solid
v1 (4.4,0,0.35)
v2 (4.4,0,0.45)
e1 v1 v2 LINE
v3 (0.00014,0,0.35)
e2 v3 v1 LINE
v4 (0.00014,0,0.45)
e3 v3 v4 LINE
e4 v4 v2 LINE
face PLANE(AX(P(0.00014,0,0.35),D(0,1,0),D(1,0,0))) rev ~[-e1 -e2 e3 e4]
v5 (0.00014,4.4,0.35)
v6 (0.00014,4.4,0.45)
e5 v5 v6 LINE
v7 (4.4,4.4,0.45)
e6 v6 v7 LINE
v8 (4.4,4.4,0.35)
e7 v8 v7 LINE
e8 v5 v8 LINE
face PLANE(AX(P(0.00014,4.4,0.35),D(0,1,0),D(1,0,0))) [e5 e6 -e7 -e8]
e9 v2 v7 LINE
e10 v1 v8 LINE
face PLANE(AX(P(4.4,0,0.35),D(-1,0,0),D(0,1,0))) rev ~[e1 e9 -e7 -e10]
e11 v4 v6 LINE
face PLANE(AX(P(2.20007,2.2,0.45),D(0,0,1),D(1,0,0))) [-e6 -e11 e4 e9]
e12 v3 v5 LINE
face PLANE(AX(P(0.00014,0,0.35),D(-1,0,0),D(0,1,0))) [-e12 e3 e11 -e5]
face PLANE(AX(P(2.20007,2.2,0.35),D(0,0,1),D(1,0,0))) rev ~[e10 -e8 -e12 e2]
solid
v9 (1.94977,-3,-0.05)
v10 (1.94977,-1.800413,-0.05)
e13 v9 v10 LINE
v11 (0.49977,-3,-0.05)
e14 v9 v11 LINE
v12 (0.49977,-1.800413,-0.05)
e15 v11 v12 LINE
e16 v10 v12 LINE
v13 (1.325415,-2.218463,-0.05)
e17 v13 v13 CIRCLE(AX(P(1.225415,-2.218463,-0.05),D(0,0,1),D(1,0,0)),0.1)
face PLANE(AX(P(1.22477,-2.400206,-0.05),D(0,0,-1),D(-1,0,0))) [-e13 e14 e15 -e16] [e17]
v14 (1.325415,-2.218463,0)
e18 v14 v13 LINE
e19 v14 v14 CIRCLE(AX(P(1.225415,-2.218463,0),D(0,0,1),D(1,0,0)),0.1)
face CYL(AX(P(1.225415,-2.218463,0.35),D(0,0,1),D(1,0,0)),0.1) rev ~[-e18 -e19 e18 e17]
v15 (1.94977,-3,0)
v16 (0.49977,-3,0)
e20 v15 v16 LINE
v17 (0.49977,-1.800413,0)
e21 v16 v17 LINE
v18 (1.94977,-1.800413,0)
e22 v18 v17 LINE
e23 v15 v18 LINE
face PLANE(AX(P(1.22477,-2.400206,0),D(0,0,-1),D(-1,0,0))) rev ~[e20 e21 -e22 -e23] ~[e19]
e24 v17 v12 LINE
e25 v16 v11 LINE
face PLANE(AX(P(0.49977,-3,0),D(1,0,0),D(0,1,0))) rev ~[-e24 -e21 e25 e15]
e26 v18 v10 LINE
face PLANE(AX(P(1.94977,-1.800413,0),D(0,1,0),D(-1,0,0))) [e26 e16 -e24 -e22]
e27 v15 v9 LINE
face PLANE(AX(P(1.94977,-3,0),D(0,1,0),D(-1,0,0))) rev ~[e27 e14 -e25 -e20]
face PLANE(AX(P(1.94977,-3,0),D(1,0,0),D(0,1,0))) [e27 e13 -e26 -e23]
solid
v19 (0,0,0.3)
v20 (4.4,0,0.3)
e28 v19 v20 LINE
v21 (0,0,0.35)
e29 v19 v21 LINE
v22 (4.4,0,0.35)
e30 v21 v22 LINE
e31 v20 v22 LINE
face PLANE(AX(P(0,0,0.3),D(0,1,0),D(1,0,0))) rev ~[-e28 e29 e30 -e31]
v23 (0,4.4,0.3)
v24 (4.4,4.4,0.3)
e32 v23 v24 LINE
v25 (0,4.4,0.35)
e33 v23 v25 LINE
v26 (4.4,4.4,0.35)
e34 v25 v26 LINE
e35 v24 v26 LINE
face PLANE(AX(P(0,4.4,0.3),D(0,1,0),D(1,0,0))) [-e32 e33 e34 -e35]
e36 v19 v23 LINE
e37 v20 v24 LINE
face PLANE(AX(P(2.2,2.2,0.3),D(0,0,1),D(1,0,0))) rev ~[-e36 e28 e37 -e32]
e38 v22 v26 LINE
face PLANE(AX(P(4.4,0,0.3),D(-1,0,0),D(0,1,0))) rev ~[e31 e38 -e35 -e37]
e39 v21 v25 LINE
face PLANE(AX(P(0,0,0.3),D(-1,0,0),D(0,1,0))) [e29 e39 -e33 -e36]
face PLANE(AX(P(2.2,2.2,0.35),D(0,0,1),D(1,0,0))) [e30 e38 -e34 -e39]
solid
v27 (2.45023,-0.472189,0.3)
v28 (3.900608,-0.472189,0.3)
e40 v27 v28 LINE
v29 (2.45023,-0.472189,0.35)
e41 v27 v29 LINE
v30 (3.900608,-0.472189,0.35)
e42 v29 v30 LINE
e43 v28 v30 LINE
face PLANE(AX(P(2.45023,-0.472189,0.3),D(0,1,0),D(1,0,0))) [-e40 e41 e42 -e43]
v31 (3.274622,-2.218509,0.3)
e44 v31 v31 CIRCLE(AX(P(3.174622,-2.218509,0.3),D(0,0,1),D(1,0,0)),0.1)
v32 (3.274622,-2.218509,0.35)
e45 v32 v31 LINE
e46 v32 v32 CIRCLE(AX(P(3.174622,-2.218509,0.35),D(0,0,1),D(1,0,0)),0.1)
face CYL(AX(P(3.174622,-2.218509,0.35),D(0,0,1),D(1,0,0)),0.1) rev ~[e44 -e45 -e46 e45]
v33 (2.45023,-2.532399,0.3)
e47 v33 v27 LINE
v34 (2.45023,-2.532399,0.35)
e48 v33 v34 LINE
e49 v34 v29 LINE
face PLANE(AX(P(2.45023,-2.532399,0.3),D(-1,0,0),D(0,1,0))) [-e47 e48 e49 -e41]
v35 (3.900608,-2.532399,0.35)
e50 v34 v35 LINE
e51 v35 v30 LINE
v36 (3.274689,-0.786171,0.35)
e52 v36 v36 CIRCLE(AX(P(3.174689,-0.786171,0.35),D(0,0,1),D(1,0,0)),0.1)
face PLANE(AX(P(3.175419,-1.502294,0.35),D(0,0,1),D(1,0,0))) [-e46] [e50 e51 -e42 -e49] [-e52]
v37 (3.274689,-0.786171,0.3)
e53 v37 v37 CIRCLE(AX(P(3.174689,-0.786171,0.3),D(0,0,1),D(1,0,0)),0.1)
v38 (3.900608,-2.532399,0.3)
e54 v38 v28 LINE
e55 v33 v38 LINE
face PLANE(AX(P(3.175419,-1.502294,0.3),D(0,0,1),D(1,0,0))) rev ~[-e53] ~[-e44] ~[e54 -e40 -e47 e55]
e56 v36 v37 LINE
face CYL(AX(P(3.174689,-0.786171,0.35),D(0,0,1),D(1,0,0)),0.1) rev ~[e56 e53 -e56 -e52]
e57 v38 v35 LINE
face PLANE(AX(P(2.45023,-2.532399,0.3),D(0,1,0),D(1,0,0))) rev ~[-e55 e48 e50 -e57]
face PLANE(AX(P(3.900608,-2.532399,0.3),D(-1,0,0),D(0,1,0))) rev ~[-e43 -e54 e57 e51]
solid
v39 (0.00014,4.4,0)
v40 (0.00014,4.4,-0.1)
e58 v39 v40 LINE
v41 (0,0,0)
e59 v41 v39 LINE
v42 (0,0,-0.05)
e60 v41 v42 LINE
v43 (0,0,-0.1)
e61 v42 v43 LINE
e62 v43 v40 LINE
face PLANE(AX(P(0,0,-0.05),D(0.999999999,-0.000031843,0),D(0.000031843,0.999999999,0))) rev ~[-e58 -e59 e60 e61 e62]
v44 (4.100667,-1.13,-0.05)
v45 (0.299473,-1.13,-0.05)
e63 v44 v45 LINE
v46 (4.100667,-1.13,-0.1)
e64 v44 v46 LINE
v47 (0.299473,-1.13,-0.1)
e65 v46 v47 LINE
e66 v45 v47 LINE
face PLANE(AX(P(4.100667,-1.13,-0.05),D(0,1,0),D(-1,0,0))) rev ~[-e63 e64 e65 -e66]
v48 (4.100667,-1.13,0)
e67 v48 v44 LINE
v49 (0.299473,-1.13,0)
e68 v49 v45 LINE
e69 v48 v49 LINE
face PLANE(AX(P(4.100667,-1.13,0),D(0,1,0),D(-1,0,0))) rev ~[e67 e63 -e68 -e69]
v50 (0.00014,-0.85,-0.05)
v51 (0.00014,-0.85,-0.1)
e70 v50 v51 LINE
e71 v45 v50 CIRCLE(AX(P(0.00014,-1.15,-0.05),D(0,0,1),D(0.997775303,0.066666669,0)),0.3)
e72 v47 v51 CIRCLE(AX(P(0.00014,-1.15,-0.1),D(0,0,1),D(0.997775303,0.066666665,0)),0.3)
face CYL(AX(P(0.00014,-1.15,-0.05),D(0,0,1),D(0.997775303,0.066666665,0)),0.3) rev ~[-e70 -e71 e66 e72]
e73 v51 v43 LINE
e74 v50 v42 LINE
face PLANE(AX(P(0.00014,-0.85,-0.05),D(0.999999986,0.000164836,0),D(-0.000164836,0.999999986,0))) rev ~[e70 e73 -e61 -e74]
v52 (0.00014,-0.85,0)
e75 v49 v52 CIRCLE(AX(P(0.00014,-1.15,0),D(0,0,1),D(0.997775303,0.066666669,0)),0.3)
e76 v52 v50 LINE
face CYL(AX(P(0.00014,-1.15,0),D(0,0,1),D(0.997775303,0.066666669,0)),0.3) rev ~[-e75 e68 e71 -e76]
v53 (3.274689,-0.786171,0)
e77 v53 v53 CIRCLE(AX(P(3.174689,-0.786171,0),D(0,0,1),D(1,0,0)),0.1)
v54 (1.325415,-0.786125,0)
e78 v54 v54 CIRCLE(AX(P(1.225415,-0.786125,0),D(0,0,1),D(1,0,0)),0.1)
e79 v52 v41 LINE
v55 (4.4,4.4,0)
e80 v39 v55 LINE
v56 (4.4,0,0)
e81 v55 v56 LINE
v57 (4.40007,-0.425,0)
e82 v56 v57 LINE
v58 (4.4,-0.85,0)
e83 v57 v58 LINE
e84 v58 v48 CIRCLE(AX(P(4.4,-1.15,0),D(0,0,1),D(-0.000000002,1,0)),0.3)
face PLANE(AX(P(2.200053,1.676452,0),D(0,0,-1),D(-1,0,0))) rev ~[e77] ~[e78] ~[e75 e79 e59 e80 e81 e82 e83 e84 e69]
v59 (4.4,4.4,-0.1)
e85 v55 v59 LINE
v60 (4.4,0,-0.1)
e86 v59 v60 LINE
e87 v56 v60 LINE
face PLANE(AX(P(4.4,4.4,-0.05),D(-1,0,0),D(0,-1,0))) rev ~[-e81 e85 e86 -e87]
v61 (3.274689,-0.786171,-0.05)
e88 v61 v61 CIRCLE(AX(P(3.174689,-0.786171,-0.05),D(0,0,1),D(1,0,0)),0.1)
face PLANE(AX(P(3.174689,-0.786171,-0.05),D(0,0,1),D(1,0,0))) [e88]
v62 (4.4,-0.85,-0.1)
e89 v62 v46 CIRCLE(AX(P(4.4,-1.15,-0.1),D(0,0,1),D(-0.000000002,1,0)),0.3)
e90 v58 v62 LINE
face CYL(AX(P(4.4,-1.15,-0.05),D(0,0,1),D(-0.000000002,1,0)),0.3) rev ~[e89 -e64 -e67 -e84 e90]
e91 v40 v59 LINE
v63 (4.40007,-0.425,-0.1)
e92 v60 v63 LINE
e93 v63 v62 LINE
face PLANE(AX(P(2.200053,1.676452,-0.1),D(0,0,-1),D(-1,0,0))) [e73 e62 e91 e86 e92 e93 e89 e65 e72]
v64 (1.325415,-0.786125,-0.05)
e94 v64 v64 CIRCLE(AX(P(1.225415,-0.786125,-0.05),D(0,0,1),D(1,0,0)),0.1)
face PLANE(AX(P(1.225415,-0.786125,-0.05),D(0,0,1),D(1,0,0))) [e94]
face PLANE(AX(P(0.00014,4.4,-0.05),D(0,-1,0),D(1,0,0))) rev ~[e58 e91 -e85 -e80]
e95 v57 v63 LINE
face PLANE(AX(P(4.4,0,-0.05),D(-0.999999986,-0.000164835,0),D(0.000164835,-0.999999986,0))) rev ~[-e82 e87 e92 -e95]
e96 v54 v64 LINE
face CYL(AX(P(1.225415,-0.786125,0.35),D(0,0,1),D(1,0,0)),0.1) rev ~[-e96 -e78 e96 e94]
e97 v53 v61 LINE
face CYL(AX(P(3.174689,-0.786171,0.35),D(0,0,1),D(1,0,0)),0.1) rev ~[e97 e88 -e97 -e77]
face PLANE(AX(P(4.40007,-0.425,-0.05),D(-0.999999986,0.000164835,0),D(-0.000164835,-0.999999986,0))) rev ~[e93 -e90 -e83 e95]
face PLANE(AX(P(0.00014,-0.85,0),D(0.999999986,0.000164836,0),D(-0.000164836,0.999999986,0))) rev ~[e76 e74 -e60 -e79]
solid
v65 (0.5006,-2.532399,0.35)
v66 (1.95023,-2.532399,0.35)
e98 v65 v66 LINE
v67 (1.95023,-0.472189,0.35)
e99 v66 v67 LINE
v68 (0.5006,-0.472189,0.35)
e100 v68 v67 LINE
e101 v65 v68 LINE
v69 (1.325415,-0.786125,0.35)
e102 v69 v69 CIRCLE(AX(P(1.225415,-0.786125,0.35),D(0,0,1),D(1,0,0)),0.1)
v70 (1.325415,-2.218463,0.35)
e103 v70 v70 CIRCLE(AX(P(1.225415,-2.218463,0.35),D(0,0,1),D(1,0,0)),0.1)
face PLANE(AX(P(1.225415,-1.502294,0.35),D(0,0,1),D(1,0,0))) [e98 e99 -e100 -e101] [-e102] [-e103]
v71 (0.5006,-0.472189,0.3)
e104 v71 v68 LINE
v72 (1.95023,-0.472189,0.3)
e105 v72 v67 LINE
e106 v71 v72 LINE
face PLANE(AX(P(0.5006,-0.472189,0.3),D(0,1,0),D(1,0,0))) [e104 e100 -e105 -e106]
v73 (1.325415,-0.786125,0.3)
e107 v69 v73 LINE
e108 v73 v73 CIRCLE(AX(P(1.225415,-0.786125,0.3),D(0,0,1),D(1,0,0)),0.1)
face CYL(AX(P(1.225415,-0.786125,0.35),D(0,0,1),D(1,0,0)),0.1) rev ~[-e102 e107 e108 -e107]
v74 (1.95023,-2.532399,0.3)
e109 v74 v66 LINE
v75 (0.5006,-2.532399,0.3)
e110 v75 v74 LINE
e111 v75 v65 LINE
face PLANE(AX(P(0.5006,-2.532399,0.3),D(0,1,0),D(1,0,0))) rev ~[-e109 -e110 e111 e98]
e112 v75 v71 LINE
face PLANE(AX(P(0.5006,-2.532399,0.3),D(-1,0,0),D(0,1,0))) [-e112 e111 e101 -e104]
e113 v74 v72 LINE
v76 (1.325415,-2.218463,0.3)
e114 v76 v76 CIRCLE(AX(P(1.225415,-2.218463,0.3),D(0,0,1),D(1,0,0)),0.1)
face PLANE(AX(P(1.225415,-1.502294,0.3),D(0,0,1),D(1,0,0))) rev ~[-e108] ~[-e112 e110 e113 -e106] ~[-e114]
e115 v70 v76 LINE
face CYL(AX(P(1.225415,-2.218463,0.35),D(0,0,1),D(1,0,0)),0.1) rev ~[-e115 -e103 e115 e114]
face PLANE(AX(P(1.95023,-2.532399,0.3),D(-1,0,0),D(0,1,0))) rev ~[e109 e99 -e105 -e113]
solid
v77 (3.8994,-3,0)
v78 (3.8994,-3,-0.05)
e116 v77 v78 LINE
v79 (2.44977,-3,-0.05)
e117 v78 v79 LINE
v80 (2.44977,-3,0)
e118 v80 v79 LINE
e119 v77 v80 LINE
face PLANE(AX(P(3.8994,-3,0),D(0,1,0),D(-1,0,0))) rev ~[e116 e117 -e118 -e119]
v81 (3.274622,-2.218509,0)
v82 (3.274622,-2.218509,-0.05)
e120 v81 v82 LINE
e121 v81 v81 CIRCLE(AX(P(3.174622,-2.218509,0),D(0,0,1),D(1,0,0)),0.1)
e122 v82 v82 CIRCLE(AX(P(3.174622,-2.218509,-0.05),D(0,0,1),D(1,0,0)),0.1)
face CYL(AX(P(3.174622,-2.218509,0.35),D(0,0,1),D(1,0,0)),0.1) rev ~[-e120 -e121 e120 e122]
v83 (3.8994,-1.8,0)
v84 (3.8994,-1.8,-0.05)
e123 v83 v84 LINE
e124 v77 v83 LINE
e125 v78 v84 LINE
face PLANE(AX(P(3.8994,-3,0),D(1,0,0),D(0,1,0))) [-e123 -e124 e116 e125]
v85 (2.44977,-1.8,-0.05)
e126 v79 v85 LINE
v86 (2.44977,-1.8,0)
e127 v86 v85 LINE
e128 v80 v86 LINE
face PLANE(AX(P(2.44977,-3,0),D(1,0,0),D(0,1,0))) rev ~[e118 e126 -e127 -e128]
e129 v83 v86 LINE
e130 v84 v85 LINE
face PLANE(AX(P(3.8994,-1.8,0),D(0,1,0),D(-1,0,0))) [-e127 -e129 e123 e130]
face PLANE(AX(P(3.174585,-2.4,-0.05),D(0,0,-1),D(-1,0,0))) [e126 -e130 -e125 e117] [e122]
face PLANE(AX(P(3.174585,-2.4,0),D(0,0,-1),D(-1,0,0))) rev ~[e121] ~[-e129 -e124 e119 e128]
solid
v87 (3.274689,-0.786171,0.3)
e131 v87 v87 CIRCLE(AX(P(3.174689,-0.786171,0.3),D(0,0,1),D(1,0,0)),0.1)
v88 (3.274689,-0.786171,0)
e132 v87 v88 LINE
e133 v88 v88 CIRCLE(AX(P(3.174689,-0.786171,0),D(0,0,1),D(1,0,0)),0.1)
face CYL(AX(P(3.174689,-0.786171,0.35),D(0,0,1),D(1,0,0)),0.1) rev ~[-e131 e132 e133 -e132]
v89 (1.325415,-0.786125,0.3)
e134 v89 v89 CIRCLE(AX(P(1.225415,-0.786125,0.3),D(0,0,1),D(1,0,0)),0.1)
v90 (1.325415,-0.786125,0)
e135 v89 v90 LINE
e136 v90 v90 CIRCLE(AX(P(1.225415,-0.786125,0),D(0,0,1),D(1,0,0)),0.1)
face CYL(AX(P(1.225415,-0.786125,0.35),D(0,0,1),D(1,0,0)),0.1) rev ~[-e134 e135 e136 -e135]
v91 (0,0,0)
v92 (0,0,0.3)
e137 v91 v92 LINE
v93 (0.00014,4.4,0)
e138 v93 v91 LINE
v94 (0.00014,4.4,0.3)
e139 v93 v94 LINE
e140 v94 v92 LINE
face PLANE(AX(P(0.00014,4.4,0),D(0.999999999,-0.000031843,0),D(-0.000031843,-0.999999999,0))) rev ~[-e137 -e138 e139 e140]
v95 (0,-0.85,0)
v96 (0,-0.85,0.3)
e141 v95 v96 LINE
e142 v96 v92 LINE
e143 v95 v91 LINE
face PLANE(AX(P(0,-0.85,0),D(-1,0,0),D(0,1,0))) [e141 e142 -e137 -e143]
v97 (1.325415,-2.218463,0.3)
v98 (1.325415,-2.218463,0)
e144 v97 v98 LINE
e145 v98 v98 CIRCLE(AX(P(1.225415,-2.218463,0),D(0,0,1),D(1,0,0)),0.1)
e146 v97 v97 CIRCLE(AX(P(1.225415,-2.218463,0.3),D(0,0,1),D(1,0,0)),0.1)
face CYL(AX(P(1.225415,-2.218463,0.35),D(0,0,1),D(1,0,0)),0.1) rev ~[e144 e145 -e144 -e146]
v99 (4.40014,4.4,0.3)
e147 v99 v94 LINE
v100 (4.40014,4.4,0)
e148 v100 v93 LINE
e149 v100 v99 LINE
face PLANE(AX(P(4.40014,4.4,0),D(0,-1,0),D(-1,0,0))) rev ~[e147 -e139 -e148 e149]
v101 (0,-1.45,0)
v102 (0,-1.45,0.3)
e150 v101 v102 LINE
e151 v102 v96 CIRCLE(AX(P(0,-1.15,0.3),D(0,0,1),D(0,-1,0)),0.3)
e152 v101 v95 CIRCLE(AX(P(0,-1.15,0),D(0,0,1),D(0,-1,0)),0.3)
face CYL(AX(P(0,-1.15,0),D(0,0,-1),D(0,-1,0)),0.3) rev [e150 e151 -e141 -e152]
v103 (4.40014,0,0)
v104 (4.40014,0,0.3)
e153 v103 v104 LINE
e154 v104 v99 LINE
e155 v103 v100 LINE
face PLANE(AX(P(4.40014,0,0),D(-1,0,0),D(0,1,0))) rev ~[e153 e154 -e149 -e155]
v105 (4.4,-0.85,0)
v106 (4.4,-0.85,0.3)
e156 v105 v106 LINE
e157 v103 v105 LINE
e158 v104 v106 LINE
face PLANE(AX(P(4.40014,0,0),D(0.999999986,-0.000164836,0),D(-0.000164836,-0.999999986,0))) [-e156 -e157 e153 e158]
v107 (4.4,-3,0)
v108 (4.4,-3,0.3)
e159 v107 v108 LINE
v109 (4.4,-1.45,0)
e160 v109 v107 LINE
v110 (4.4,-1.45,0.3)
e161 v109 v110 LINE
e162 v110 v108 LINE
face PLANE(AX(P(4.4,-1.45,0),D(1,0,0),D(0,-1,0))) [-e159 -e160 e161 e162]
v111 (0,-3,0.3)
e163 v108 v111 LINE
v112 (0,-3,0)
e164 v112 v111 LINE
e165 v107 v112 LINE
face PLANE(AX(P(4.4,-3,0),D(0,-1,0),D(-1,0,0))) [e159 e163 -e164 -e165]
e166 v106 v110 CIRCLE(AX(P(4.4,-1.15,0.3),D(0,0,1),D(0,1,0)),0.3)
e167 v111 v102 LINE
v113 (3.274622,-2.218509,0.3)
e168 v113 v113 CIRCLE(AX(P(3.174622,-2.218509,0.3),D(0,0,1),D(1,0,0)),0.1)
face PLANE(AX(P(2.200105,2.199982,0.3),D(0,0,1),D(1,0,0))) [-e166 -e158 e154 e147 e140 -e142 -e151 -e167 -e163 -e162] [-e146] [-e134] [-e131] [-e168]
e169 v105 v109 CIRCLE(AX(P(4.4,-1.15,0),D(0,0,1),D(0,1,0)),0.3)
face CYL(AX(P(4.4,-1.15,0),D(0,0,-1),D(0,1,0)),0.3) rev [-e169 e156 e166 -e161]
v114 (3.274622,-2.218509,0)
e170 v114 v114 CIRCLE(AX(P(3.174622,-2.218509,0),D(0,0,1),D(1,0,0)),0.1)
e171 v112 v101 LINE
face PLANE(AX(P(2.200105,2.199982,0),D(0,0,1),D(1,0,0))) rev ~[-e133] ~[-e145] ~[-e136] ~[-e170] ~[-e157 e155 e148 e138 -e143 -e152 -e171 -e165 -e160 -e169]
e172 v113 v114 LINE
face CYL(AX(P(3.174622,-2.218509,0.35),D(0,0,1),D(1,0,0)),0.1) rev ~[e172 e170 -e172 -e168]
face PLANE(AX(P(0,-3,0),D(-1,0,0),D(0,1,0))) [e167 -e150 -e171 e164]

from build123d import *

# Parameters (mm, degrees)
BOSS_EXTRUDE1_DEPTH   = 0.3
BOSS_EXTRUDE2_DEPTH   = 0.05
SKETCH2_W             = 1.449629897
SKETCH2_H             = 1.2
BOSS_EXTRUDE2_2_DEPTH = 0.05
SKETCH2_W_2           = 1.45
SKETCH2_H_2           = 1.199587339
BOSS_EXTRUDE2_3_DEPTH = 0.05
BOSS_EXTRUDE3_DEPTH   = 0.05
SKETCH4_W             = 1.45037802
SKETCH4_H             = 2.060210665
BOSS_EXTRUDE4_DEPTH   = 0.05
SKETCH4_W_2           = 1.449629897
BOSS_EXTRUDE4_2_DEPTH = 0.05
SKETCH4_W_3           = 4.4
SKETCH4_H_2           = 4.4
BOSS_EXTRUDE4_3_DEPTH = 0.05
SKETCH6_W             = 4.399859889
SKETCH6_H             = 4.4
BOSS_EXTRUDE5_DEPTH   = 0.1
SKETCH7_R             = 0.1
CUT_EXTRUDE1_DEPTH    = 0.4


with BuildPart() as part:
    # Model → Boss-Extrude1 (new body)
    with BuildSketch(Plane.XY):
        Polygon((0.000140111, 4.4), (0, 0), (4.400140111, 0), (4.400140111, 4.4), align=None)
        with BuildLine():
            ThreePointArc((4.4, -0.85), (4.1, -1.15), (4.4, -1.45))
            Line((4.4, -1.45), (4.4, -3))
            Line((4.4, -3), (0, -3))
            Line((0, -3), (0, -1.45))
            ThreePointArc((0, -1.45), (0.3, -1.15), (0, -0.85))
            Line((0, -0.85), (0, 0))
            Line((0, 0), (4.400140111, 0))
            Line((4.400140111, 0), (4.4, -0.85))
        make_face()
    extrude(amount=BOSS_EXTRUDE1_DEPTH)


with BuildPart() as body_2:
    # Sketch2 → Boss-Extrude2 (new body)
    with BuildSketch(Plane(origin=(0, 0, 0), x_dir=(-1, 0, 0), z_dir=(0, 0, -1))):
        with BuildLine():
            Line((-4.100667409, -1.13), (-0.299472702, -1.13))
            ThreePointArc((-0.299472702, -1.13), (-0.205079126, -0.930910977), (-0.000140111, -0.85))
            Line((-0.000140111, -0.85), (0, 0))
            Line((0, 0), (-0.000140111, 4.4))
            Line((-0.000140111, 4.4), (-4.4, 4.4))
            Line((-4.4, 4.4), (-4.4, 0))
            Line((-4.4, 0), (-4.400070055, -0.425))
            Line((-4.400070055, -0.425), (-4.4, -0.85))
            ThreePointArc((-4.4, -0.85), (-4.195060985, -0.930910977), (-4.100667409, -1.13))
        make_face()
    extrude(amount=BOSS_EXTRUDE2_DEPTH)

    # Sketch3 → Boss-Extrude3 (add)
    with BuildSketch(Plane(origin=(0, 0, -0.05), x_dir=(-1, 0, 0), z_dir=(0, 0, -1))):
        with BuildLine():
            Line((-0.000140111, -0.850000016), (0, 0))
            Line((0, 0), (-0.000140111, 4.4))
            Line((-0.000140111, 4.4), (-4.4, 4.4))
            Line((-4.4, 4.4), (-4.4, 0))
            Line((-4.4, 0), (-4.400070055, -0.425))
            Line((-4.400070055, -0.425), (-4.4, -0.85))
            ThreePointArc((-4.4, -0.85), (-4.195060985, -0.930910977), (-4.100667409, -1.13))
            Line((-4.100667409, -1.13), (-0.299472685, -1.130000001))
            ThreePointArc((-0.299472685, -1.130000001), (-0.205079115, -0.930910989), (-0.000140111, -0.850000016))
        make_face()
    extrude(amount=BOSS_EXTRUDE3_DEPTH)


with BuildPart() as body_3:
    # Sketch2 → Boss-Extrude2 2 (new body)
    with BuildSketch(Plane(origin=(0, 0, 0), x_dir=(-1, 0, 0), z_dir=(0, 0, -1))):
        with Locations((-3.174585387, -2.4)):
            Rectangle(SKETCH2_W, SKETCH2_H)
    extrude(amount=BOSS_EXTRUDE2_2_DEPTH)


with BuildPart() as body_4:
    # Sketch2 → Boss-Extrude2 3 (new body)
    with BuildSketch(Plane(origin=(0, 0, 0), x_dir=(-1, 0, 0), z_dir=(0, 0, -1))):
        with Locations((-1.224770438, -2.400206331)):
            Rectangle(SKETCH2_W_2, SKETCH2_H_2)
    extrude(amount=BOSS_EXTRUDE2_3_DEPTH)


with BuildPart() as body_5:
    # Sketch4 → Boss-Extrude4 (new body)
    with BuildSketch(Plane.XY.offset(0.3)):
        with Locations((3.175418572, -1.502294159)):
            Rectangle(SKETCH4_W, SKETCH4_H)
    extrude(amount=BOSS_EXTRUDE4_DEPTH)


with BuildPart() as body_6:
    # Sketch4 → Boss-Extrude4 2 (new body)
    with BuildSketch(Plane.XY.offset(0.3)):
        with Locations((1.225414614, -1.502294159)):
            Rectangle(SKETCH4_W_2, SKETCH4_H)
    extrude(amount=BOSS_EXTRUDE4_2_DEPTH)


with BuildPart() as body_7:
    # Sketch4 → Boss-Extrude4 3 (new body)
    with BuildSketch(Plane.XY.offset(0.3)):
        with Locations((2.2, 2.2)):
            Rectangle(SKETCH4_W_3, SKETCH4_H_2)
    extrude(amount=BOSS_EXTRUDE4_3_DEPTH)


with BuildPart() as body_8:
    # Sketch6 → Boss-Extrude5 (new body)
    with BuildSketch(Plane.XY.offset(0.35)):
        with Locations((2.200070056, 2.2)):
            Rectangle(SKETCH6_W, SKETCH6_H)
    extrude(amount=BOSS_EXTRUDE5_DEPTH)


with BuildPart() as cut_extrude1_tool:
    # Sketch7 → Cut-Extrude1 (new body)
    with BuildSketch(Plane.XY.offset(0.35)):
        with Locations((1.225414614, -0.786125011)):
            Circle(SKETCH7_R)
        with Locations((1.225414614, -2.218463306)):
            Circle(SKETCH7_R)
        with Locations((3.174621886, -2.218508824)):
            Circle(SKETCH7_R)
        with Locations((3.174688781, -0.78617053)):
            Circle(SKETCH7_R)
    extrude(amount=-CUT_EXTRUDE1_DEPTH)


with BuildPart() as part_1:
    add(part.part)

    # Cut-Extrude1: cut by cut_extrude1_tool
    add(cut_extrude1_tool.part, mode=Mode.SUBTRACT)


with BuildPart() as body_2_1:
    add(body_2.part)

    # Cut-Extrude1: cut by cut_extrude1_tool
    add(cut_extrude1_tool.part, mode=Mode.SUBTRACT)


with BuildPart() as body_3_1:
    add(body_3.part)

    # Cut-Extrude1: cut by cut_extrude1_tool
    add(cut_extrude1_tool.part, mode=Mode.SUBTRACT)


with BuildPart() as body_4_1:
    add(body_4.part)

    # Cut-Extrude1: cut by cut_extrude1_tool
    add(cut_extrude1_tool.part, mode=Mode.SUBTRACT)


with BuildPart() as body_5_1:
    add(body_5.part)

    # Cut-Extrude1: cut by cut_extrude1_tool
    add(cut_extrude1_tool.part, mode=Mode.SUBTRACT)


with BuildPart() as body_6_1:
    add(body_6.part)

    # Cut-Extrude1: cut by cut_extrude1_tool
    add(cut_extrude1_tool.part, mode=Mode.SUBTRACT)


solid = Compound([body_7.part, body_8.part, part_1.part, body_2_1.part, body_3_1.part, body_4_1.part, body_5_1.part, body_6_1.part])
